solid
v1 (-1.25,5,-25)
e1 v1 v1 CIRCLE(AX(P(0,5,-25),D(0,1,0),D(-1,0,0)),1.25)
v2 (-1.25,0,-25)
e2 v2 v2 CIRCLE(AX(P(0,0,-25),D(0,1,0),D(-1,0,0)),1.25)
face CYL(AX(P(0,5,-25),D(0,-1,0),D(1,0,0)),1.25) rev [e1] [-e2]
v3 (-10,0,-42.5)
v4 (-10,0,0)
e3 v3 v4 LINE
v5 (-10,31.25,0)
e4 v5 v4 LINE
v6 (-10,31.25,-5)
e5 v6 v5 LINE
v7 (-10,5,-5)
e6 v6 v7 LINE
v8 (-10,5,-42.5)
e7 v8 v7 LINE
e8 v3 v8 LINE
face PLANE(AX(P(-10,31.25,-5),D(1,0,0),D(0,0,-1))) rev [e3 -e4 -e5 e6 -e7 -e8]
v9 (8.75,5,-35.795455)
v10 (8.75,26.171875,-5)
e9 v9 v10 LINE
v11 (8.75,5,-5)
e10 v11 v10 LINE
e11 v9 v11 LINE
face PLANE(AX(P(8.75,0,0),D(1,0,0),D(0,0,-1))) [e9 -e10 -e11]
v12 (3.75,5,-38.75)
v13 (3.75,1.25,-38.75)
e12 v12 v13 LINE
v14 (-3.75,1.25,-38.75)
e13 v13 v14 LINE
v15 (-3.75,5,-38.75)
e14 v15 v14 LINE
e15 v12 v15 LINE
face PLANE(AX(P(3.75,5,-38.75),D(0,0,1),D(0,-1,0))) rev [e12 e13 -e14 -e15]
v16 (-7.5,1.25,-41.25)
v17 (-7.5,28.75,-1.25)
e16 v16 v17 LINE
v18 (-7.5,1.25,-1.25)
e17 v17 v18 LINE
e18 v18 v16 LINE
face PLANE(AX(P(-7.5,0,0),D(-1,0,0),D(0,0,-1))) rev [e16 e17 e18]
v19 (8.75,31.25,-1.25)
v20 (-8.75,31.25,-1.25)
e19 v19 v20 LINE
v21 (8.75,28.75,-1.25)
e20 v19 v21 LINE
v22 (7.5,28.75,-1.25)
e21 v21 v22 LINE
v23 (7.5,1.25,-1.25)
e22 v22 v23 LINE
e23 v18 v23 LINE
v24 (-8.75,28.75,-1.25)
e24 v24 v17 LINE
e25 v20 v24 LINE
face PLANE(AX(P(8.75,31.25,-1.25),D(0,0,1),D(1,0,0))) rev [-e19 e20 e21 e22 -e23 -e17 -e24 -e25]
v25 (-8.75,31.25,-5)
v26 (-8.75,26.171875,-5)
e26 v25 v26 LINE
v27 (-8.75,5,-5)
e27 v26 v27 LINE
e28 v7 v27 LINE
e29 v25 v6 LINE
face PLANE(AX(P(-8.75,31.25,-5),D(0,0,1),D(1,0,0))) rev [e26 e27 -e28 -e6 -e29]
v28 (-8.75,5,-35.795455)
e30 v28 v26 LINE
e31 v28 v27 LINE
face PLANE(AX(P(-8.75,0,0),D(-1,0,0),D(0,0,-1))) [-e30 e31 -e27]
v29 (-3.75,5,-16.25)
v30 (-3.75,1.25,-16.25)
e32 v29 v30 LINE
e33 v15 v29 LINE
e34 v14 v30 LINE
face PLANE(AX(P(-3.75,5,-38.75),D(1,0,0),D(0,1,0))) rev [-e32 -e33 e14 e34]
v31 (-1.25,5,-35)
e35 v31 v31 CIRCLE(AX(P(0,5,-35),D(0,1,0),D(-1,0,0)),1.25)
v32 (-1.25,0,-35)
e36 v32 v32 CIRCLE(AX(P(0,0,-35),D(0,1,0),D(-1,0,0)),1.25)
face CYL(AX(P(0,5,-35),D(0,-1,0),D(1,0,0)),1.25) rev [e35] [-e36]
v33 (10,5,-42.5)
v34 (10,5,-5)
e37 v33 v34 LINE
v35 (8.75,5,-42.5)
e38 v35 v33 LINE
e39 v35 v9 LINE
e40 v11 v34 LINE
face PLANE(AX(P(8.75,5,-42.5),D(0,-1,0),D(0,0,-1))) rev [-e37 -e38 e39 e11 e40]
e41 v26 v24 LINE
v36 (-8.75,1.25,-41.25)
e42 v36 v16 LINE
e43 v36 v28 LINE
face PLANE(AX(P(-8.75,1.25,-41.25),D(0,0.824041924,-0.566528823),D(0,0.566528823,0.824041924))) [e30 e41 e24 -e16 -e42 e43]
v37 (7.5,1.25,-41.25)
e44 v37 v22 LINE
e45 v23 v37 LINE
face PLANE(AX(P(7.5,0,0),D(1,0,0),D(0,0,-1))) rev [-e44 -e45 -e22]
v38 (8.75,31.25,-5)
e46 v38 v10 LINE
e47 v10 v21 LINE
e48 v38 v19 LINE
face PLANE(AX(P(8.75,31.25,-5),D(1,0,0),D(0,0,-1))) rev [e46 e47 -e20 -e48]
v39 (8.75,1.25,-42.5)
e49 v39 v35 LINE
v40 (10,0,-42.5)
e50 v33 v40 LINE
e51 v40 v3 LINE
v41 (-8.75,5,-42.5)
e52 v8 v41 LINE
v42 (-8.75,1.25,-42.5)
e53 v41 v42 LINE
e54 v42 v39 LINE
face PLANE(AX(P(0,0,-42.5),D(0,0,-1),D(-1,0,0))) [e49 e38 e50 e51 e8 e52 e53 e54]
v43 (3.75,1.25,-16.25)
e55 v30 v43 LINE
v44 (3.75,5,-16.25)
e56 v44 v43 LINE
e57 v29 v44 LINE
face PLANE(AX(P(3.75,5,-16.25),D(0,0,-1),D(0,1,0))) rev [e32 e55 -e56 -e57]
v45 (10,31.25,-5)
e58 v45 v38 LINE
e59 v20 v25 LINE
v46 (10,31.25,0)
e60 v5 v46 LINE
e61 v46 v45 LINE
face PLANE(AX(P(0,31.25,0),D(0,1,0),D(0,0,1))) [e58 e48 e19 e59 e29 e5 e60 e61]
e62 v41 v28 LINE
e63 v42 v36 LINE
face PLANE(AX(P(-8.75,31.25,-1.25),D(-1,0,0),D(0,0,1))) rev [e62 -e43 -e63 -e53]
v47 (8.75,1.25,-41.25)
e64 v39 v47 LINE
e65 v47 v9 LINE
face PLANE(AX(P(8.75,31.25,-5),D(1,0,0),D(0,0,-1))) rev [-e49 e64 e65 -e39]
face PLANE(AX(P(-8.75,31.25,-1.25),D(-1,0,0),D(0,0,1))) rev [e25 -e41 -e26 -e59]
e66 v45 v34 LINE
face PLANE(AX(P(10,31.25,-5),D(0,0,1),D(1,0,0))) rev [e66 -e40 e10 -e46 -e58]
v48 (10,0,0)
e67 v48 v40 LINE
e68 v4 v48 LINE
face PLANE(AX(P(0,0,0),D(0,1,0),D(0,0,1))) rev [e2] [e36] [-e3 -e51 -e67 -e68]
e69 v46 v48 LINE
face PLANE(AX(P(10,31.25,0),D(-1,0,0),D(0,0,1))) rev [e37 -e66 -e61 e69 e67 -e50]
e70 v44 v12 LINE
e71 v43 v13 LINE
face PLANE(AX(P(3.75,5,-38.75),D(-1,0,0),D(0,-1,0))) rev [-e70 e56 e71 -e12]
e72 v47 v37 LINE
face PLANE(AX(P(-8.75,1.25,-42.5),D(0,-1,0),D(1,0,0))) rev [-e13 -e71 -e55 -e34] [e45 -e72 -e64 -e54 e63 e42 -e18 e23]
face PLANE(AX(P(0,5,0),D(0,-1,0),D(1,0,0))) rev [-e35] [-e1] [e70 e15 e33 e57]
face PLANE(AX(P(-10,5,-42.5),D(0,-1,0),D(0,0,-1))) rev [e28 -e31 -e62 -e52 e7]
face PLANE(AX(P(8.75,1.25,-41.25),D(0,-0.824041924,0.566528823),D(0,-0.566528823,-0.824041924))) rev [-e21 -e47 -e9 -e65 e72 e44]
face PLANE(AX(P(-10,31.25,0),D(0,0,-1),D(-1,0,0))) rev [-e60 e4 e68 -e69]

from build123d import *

# Parameters (mm, degrees)
BOSS_EXTRUDE1_DEPTH     = 31.25
BOSS_EXTRUDE2_DEPTH     = 41.25
BOSS_EXTRUDE3_DEPTH     = 1.25
SKETCH6_W               = 7.5
SKETCH6_H               = 22.5
SKETCH6_R               = 1.25
BOSS_EXTRUDE4_DEPTH     = 3.75
CUT_EXTRUDE1_DEPTH      = 53.974050251
CUT_EXTRUDE1_DEPTH_BACK = 53.974050251
SKETCH6_2_R             = 1.25


with BuildPart() as part:
    # Sketch1 → Boss-Extrude1 (new body)
    with BuildSketch(Plane(origin=(0, 0, 0), x_dir=(1, 0, 0), z_dir=(0, 1, 0))):
        Polygon((-10, 0), (10, 0), (10, 5), (8.75, 5), (8.75, 1.25), (-8.75, 1.25), (-8.75, 5), (-10, 5), align=None)
    extrude(amount=BOSS_EXTRUDE1_DEPTH)

    # Sketch2 → Boss-Extrude2 (add)
    with BuildSketch(Plane(origin=(0, 0, -1.25), x_dir=(-1, 0, 0), z_dir=(0, 0, -1))):
        Polygon((-10, 5), (-10, 0), (10, 0), (10, 5), (8.75, 5), (8.75, 1.25), (-8.75, 1.25), (-8.75, 5), align=None)
    extrude(amount=BOSS_EXTRUDE2_DEPTH)

    # Sketch4 → Boss-Extrude3 (add)
    with BuildSketch(Plane(origin=(7.5, 0, 0), x_dir=(0, 0, -1), z_dir=(1, 0, 0))):
        Polygon((1.25, 28.75), (1.25, 1.25), (41.25, 1.25), align=None)
    boss_extrude3 = extrude(amount=BOSS_EXTRUDE3_DEPTH)

    # Mirror1: Boss-Extrude3 across plane
    add(boss_extrude3.mirror(Plane(origin=(0, 0, 0), x_dir=(0, 0, 1), z_dir=(1, 0, 0))))

    # Sketch6 → Boss-Extrude4 (add)
    with BuildSketch(Plane(origin=(0, 1.25, 0), x_dir=(1, 0, 0), z_dir=(0, 1, 0))):
        with Locations((0, 27.5)):
            Rectangle(SKETCH6_W, SKETCH6_H)
        with Locations((0, 35)):
            Circle(SKETCH6_R, mode=Mode.SUBTRACT)
        with Locations((0, 25)):
            Circle(SKETCH6_R, mode=Mode.SUBTRACT)
    extrude(amount=BOSS_EXTRUDE4_DEPTH)

    # Sketch6<2> → Cut-Extrude1 (cut, two sides: drawn at the far end of the back side and taken through both)
    with BuildSketch(Plane(origin=(0, 1.25, 0), x_dir=(1, 0, 0), z_dir=(0, 1, 0)).offset(-CUT_EXTRUDE1_DEPTH_BACK)):
        with Locations((0, 35)):
            Circle(SKETCH6_2_R)
        with Locations((0, 25)):
            Circle(SKETCH6_2_R)
    extrude(amount=CUT_EXTRUDE1_DEPTH + CUT_EXTRUDE1_DEPTH_BACK, mode=Mode.SUBTRACT)


solid = part.part
